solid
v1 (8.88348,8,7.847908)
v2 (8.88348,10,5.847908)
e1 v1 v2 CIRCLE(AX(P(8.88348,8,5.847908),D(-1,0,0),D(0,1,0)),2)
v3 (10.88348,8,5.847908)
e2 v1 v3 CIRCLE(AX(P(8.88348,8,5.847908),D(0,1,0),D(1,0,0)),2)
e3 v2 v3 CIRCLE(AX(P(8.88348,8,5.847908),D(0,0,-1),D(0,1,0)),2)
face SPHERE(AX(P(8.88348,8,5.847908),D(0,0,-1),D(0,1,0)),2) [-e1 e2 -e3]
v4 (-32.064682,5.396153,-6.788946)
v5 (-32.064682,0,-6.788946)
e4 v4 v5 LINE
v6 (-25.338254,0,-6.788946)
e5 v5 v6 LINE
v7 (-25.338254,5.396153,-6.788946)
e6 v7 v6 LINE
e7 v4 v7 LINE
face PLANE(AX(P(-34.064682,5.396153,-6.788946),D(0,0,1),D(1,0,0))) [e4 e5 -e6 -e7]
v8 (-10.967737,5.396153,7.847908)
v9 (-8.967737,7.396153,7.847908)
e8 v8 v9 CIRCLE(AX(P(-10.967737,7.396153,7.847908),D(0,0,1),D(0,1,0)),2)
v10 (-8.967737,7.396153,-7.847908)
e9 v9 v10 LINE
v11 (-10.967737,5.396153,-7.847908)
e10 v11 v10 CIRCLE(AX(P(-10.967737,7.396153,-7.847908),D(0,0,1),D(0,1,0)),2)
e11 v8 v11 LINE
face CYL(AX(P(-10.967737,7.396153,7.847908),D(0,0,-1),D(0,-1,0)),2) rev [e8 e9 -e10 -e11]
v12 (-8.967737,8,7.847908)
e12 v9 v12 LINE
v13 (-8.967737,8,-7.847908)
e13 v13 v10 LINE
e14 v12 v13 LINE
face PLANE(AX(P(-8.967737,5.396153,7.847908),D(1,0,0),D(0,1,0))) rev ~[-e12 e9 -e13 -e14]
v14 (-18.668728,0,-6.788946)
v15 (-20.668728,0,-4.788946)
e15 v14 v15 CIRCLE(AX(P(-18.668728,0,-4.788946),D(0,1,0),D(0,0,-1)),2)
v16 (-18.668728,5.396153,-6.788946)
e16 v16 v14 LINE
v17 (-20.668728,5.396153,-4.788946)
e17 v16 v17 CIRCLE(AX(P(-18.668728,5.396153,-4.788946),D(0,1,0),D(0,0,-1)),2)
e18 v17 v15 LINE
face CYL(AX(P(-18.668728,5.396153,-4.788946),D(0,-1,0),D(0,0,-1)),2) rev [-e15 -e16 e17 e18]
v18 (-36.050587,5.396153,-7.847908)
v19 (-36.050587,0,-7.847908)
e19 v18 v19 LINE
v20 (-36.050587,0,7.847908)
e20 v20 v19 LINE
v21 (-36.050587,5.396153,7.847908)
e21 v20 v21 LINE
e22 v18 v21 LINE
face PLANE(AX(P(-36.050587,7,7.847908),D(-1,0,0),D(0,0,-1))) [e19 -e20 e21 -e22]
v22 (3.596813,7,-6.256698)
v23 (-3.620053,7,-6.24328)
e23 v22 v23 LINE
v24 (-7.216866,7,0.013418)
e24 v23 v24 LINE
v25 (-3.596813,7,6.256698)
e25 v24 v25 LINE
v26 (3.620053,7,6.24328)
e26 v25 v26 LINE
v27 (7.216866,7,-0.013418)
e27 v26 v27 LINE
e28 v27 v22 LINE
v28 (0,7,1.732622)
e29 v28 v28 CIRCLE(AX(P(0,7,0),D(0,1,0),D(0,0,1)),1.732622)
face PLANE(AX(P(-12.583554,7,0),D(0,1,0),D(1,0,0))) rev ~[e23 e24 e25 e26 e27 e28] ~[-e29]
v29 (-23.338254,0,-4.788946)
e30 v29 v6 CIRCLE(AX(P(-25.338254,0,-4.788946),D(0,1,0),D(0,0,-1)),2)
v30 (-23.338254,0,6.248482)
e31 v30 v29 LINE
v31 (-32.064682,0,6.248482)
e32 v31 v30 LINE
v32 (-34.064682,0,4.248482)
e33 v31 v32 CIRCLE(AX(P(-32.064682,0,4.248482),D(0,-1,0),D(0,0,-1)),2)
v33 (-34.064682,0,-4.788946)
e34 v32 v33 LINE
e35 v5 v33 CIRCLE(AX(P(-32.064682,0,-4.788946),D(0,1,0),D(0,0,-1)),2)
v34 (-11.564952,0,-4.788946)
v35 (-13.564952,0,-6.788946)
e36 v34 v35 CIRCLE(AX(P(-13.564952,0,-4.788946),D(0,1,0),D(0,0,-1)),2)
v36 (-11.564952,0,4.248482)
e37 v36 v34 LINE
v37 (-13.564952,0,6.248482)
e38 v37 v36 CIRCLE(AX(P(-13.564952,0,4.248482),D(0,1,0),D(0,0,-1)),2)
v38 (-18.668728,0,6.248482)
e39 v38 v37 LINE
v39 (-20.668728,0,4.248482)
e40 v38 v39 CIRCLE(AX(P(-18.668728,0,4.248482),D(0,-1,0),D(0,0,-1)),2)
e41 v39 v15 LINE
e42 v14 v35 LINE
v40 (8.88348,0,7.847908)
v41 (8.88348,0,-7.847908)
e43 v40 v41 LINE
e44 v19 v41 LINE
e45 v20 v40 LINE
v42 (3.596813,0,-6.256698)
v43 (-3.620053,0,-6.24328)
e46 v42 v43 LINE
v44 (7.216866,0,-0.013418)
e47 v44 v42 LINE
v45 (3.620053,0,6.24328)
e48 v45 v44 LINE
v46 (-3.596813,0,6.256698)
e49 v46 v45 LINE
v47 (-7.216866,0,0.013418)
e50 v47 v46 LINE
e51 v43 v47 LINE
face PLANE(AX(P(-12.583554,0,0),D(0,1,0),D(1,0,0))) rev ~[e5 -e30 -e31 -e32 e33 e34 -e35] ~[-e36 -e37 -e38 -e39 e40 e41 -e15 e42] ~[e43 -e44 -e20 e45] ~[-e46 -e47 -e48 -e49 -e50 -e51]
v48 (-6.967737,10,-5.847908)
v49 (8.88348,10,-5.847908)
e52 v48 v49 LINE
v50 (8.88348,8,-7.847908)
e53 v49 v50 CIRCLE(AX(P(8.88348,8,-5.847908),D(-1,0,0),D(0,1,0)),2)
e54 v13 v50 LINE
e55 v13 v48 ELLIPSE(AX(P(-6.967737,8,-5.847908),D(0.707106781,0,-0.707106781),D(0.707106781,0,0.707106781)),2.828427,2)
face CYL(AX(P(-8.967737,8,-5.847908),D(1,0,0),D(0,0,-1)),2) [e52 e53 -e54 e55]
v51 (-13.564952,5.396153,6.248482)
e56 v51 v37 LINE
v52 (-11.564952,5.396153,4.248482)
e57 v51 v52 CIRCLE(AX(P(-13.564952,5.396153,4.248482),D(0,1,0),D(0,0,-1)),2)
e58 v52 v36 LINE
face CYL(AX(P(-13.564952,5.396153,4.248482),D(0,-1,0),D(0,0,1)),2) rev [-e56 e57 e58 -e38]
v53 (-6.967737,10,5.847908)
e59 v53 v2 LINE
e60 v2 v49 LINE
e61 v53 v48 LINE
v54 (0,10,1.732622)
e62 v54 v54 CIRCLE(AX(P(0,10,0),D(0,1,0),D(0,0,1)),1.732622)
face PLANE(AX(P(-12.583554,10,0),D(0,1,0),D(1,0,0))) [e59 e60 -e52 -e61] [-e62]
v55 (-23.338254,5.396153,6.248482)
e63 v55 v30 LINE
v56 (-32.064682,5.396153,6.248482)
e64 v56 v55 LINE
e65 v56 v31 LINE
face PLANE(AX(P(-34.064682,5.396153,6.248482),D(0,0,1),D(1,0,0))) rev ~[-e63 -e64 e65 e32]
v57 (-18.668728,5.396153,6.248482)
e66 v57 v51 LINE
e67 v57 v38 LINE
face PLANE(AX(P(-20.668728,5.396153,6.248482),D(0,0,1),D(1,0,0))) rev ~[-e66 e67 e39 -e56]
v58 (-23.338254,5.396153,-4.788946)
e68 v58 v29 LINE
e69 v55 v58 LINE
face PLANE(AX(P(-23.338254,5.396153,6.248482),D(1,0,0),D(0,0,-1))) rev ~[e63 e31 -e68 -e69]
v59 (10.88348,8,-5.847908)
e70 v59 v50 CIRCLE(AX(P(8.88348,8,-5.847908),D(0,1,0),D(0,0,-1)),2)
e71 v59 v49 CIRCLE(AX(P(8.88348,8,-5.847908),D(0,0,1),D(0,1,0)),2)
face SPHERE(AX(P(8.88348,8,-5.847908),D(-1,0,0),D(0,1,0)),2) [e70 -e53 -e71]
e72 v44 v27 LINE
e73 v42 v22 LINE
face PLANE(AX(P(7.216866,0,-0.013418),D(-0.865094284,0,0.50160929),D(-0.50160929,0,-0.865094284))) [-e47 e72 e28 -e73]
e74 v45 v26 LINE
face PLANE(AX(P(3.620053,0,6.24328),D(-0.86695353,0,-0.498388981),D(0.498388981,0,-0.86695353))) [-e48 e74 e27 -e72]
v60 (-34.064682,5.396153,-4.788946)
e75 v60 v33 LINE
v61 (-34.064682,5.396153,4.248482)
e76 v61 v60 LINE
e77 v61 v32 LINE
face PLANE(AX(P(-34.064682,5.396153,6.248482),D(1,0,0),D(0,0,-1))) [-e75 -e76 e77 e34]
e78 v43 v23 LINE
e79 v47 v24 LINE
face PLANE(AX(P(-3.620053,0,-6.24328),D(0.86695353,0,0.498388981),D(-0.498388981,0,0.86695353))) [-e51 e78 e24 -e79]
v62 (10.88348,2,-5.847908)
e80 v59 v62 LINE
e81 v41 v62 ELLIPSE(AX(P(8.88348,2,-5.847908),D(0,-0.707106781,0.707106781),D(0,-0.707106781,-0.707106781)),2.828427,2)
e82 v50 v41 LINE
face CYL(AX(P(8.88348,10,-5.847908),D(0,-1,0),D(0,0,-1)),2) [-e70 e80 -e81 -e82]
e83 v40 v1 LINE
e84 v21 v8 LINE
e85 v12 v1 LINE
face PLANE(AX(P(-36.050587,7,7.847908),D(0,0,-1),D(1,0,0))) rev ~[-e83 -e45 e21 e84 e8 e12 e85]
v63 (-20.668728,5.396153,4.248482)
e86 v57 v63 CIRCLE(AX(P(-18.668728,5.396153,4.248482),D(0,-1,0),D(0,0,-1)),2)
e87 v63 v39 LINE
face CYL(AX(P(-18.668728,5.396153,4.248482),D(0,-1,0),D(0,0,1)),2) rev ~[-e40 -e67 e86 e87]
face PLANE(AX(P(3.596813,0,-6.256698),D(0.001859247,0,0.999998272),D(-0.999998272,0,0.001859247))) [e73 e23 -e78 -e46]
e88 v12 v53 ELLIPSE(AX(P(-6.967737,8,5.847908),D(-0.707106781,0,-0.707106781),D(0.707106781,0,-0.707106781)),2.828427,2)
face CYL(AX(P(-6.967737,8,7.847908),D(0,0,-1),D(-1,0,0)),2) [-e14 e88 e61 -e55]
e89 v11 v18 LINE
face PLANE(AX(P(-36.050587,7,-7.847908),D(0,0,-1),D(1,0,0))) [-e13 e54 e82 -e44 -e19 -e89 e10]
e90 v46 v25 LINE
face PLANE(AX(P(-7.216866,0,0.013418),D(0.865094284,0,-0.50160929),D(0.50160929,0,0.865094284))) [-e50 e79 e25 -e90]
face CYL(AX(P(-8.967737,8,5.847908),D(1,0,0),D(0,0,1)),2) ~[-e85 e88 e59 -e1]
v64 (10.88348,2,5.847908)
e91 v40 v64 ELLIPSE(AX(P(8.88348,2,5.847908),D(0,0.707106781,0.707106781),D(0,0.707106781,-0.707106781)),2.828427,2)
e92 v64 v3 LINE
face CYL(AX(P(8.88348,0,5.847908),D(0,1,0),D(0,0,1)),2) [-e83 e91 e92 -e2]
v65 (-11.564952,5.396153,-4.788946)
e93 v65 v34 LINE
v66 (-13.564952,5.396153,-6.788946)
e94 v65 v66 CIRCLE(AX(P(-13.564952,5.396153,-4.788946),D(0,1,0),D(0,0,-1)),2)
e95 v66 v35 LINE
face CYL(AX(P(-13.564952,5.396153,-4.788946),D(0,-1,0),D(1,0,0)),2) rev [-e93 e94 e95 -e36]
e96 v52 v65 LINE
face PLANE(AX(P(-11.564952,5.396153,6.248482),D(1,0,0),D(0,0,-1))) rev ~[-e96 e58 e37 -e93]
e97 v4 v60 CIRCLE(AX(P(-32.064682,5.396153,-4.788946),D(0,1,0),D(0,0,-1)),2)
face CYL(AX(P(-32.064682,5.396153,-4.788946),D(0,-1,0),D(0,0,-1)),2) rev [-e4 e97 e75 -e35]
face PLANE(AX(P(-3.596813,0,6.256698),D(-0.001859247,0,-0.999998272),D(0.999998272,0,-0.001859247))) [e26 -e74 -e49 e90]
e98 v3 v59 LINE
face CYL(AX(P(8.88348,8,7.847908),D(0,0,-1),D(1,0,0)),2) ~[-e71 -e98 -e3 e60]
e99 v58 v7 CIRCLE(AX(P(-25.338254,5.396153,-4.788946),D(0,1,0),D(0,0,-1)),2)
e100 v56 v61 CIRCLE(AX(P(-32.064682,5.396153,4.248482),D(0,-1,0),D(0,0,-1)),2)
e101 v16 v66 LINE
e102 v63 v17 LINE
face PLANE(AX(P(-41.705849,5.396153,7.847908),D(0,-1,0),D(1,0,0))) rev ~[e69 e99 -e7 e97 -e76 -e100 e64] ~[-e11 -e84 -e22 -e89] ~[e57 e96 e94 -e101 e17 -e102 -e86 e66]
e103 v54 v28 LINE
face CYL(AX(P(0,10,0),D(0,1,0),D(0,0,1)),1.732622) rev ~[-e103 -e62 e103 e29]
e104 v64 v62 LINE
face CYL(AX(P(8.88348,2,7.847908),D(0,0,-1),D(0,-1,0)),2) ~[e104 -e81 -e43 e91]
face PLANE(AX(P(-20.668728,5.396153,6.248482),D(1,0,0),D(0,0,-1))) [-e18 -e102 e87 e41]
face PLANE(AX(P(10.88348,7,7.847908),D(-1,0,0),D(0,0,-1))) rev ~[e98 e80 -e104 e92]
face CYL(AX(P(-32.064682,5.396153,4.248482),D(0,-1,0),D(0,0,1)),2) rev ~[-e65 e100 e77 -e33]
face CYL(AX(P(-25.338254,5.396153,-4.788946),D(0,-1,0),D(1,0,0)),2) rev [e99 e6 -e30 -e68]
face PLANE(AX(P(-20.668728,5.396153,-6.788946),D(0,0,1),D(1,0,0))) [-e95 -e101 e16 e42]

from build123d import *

# Parameters (mm, degrees)
SKETCH1_W           = 46.934067204
SKETCH1_H           = 15.695815502
BOSS_EXTRUDE1_DEPTH = 7
SKETCH2_W           = 46.934067204
SKETCH2_H           = 15.695815502
BOSS_EXTRUDE2_DEPTH = 3
SKETCH3_W           = 32.738111576
SKETCH3_H           = 6.605539494
CUT_EXTRUDE1_DEPTH  = 41.57096825
SKETCH4_W           = 9.10377614
SKETCH4_H           = 13.037427907
SKETCH4_W_2         = 10.726428155
CUT_EXTRUDE2_DEPTH  = 10
FILLET1_R           = 2
SKETCH5_R           = 1.732622303
CUT_EXTRUDE3_DEPTH  = 10


with BuildPart() as part:
    # Sketch1 → Boss-Extrude1 (new body)
    with BuildSketch(Plane(origin=(0, 0, 0), x_dir=(1, 0, 0), z_dir=(0, 1, 0))):
        with Locations((-12.583553639, 0)):
            Rectangle(SKETCH1_W, SKETCH1_H)
        Polygon((3.620053236, -6.243280219), (7.216865891, 0.013417956), (3.596812655, 6.256698176), (-3.620053236, 6.243280219), (-7.216865891, -0.013417956), (-3.596812655, -6.256698176), align=None, mode=Mode.SUBTRACT)
    extrude(amount=BOSS_EXTRUDE1_DEPTH)

    # Sketch2 → Boss-Extrude2 (add)
    with BuildSketch(Plane(origin=(0, 7, 0), x_dir=(1, 0, 0), z_dir=(0, 1, 0))):
        with Locations((-12.583553639, 0)):
            Rectangle(SKETCH2_W, SKETCH2_H)
    extrude(amount=BOSS_EXTRUDE2_DEPTH)

    # Sketch3 → Cut-Extrude1 (cut, through all)
    with BuildSketch(Plane.XY.offset(7.847907751)):
        with Locations((-25.336793279, 8.698923123)):
            Rectangle(SKETCH3_W, SKETCH3_H)
    extrude(amount=-CUT_EXTRUDE1_DEPTH, mode=Mode.SUBTRACT)

    # Sketch4 → Cut-Extrude2 (cut)
    with BuildSketch(Plane(origin=(0, 5.396153376, 0), x_dir=(1, 0, 0), z_dir=(0, 1, 0))):
        with Locations((-16.116840413, 0.270231687)):
            Rectangle(SKETCH4_W, SKETCH4_H)
        with Locations((-28.701467889, 0.270231687)):
            Rectangle(SKETCH4_W_2, SKETCH4_H)
    extrude(amount=-CUT_EXTRUDE2_DEPTH, mode=Mode.SUBTRACT)

    # Fillet1
    fillet1_edges = [part.edges().sort_by_distance(p)[0] for p in [
        (0.957871236, 10, -7.847907751),
        (10.883479963, 10, 0),
        (0.957871236, 10, 7.847907751),
        (-8.967737491, 10, 0),
        (10.883479963, 0, 0),
        (-8.967737491, 5.396153376, 0),
        (10.883479963, 5, 7.847907751),
        (10.883479963, 5, -7.847907751),
        (-20.668728483, 2.698076688, 6.248482266),
        (-20.668728483, 2.698076688, -6.788945641),
        (-11.564952343, 2.698076688, -6.788945641),
        (-11.564952343, 2.698076688, 6.248482266),
        (-23.338253811, 2.698076688, -6.788945641),
        (-34.064681966, 2.698076688, 6.248482266),
        (-34.064681966, 2.698076688, -6.788945641),
    ]]
    fillet(fillet1_edges, radius=FILLET1_R)

    # Sketch5 → Cut-Extrude3 (cut)
    with BuildSketch(Plane(origin=(0, 10, 0), x_dir=(1, 0, 0), z_dir=(0, 1, 0))):
        with Locations(Location((0, 0, 0), (0, 0, 270))):
            Circle(SKETCH5_R)
    extrude(amount=-CUT_EXTRUDE3_DEPTH, mode=Mode.SUBTRACT)


solid = part.part
